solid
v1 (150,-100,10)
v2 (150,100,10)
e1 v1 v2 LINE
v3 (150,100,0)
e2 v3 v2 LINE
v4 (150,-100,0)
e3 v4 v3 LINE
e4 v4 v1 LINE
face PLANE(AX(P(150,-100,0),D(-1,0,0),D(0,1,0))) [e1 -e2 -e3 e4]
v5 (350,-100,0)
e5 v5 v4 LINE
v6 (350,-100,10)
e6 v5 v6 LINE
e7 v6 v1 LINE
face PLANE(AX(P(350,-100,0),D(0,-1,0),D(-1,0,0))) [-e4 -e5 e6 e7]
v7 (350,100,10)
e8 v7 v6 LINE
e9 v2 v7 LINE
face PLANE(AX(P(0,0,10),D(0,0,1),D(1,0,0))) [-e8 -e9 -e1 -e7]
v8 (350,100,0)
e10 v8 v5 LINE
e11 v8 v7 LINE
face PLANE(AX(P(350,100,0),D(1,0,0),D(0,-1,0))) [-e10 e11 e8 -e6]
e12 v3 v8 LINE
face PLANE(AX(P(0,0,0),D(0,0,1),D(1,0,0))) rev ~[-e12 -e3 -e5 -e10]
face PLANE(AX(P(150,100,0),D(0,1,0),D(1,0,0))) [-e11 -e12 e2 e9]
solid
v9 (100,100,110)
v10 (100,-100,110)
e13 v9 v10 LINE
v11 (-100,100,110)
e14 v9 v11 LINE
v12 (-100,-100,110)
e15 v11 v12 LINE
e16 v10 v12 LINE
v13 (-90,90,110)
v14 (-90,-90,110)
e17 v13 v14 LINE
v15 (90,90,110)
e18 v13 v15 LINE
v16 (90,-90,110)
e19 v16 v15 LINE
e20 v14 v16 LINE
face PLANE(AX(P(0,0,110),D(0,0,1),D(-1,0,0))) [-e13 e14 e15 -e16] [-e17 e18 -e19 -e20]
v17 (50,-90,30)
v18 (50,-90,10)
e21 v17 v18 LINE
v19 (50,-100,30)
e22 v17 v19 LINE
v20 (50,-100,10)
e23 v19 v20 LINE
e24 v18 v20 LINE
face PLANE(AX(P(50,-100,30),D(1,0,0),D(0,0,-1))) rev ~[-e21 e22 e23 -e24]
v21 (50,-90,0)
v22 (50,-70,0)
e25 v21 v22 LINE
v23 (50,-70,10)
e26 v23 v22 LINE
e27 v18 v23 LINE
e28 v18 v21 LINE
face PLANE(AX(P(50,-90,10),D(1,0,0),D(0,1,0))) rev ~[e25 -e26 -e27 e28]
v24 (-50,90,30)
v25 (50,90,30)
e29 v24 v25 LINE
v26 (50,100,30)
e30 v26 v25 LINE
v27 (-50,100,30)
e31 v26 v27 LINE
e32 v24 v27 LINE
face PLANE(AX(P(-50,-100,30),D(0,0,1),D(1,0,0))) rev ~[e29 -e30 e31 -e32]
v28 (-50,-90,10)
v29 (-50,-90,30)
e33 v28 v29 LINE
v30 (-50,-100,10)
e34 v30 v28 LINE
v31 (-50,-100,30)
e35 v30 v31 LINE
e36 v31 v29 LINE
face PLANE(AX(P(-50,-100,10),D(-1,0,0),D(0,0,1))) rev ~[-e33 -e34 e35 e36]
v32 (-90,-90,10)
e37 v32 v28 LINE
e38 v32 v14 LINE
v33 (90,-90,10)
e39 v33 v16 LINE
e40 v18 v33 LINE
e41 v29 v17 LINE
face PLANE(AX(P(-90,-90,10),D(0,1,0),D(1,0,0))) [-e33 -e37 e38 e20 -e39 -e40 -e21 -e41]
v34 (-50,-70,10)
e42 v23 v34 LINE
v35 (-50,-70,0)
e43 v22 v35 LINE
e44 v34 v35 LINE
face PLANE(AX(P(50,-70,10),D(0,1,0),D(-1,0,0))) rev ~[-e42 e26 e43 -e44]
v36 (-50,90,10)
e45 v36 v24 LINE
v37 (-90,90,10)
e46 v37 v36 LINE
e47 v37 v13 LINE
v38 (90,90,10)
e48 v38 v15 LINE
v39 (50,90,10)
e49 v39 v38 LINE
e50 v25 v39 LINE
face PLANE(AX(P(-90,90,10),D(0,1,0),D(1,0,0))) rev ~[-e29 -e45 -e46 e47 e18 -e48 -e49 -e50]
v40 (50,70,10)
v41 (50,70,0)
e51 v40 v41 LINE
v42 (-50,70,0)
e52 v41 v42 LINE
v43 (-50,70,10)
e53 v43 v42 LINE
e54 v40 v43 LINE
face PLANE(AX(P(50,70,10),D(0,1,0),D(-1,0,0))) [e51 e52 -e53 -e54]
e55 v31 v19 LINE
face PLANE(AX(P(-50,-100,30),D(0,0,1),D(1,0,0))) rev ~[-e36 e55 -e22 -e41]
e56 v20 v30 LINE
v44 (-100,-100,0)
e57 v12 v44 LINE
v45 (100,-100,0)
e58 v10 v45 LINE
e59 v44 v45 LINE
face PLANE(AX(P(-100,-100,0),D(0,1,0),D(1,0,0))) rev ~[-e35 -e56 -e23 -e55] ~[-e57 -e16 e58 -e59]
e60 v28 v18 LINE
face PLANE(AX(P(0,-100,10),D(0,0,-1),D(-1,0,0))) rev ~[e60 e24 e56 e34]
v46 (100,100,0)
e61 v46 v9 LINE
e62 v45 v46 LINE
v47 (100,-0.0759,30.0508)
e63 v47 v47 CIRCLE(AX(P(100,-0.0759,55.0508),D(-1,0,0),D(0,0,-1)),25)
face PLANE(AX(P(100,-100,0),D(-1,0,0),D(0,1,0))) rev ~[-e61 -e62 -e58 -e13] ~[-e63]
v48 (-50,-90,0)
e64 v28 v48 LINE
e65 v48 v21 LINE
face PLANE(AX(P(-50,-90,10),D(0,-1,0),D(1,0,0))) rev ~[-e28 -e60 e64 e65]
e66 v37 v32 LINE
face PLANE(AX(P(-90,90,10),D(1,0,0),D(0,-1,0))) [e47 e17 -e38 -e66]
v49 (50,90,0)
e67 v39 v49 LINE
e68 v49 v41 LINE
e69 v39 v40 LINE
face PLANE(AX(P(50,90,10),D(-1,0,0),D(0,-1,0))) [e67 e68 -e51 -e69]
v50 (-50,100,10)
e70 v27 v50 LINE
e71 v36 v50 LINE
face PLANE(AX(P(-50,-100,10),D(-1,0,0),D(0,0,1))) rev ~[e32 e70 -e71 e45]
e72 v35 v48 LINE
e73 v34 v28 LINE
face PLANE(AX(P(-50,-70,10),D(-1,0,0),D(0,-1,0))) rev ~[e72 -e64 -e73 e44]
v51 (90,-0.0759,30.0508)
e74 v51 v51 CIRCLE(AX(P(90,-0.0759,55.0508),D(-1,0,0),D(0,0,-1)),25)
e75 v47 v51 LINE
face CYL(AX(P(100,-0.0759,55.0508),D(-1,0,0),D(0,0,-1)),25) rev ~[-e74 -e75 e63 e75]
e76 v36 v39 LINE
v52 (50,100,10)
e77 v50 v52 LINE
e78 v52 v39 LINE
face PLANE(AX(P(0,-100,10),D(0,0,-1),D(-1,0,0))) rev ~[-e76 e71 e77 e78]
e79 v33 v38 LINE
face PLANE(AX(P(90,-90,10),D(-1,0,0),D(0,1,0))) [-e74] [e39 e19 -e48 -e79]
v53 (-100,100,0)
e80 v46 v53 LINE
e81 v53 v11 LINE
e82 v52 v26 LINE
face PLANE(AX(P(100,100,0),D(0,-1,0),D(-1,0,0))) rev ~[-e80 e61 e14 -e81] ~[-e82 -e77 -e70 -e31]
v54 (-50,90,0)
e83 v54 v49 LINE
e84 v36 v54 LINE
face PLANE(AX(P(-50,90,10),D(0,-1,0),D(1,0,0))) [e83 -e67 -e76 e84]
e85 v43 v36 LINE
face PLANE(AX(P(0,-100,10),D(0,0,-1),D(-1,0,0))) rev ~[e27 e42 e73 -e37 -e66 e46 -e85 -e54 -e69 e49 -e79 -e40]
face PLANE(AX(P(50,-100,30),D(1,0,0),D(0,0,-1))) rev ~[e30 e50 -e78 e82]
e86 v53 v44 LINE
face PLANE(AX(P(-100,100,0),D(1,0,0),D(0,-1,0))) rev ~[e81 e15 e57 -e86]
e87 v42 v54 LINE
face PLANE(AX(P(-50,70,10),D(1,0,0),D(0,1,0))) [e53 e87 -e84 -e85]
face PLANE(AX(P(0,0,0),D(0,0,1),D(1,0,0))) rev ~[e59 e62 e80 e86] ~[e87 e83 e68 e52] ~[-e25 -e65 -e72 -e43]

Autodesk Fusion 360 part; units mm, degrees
sketch "Boceto1" plane through (0, 0, 0) normal (0, 0, 1) x (1, 0, 0)
  line L0 (100, 100) -> (-100, 100)
  line L1 (-100, 100) -> (-100, -100)
  line L2 (-100, -100) -> (100, -100)
  line L3 (100, -100) -> (100, 100)
  line L4 (100, 100) -> (-100, -100) construction
  line L5 (-100, 100) -> (100, -100) construction
  dimension "L_base" = 200
extrude "Extruir1" add sketch "Boceto1" along normal blind 10 makes body 1
sketch "Boceto2" plane through (0, 0, 10) normal (0, 0, 1) x (-1, 0, 0)
  line L0 (-100, 100) -> (-100, -100)
  line L1 (-100, -100) -> (100, -100)
  line L2 (100, -100) -> (100, 100)
  line L3 (100, 100) -> (-100, 100)
  line L4 (100, -100) -> (90, -100)
  line L5 (90, -100) -> (90, 100)
  line L6 (90, 100) -> (100, 100)
  line L7 (100, 100) -> (100, -100)
  line L8 (90, -90) -> (-100, -90)
  line L9 (-100, -90) -> (-100, -100)
  line L10 (-100, -100) -> (90, -100)
  line L11 (90, -100) -> (90, -90)
  line L12 (-90, -90) -> (-100, -90)
  line L13 (-100, -90) -> (-100, 100)
  line L14 (-100, 100) -> (-90, 100)
  line L15 (-90, 100) -> (-90, -90)
  line L16 (-90, 100) -> (90, 100)
  line L17 (90, 100) -> (90, 90)
  line L18 (90, 90) -> (-90, 90)
  line L19 (-90, 90) -> (-90, 100)
  dimension "d4" = 10
  dimension "d5" = 10
  dimension "d6" = 10
  dimension "d7" = 10
extrude "Extruir2" add sketch "Boceto2" along normal blind 100 contours L0 L3 L8 L12 L13 L14 L15 L19 | L0 L1 L5 L8 L9 L10 L11 L12 | L3 L5 L15 L16 L17 L18 L19 | L1 L2 L3 L4 L5 L6 L7 L11 L17 bodies 1
sketch "Boceto4" plane through (100, 0, 0) normal (1, 0, 0) x (0, 1, 0)
  line L0 (-100, 0) -> (100, 0)
  line L1 (100, 0) -> (100, 110)
  line L2 (100, 110) -> (-100, 110)
  line L3 (-100, 110) -> (-100, 0)
hole "Agujero1" at (100, -0.0759, 55.0508) direction (-1, 0, 0) diameter 50 depth 10 tip angle 118 bodies 1
sketch "Boceto5" plane through (0, 0, 0) normal (0, 0, 1) x (1, 0, 0)
  line L0 (150, 100) -> (350, 100)
  line L1 (350, 100) -> (350, -100)
  line L2 (350, -100) -> (150, -100)
  line L3 (150, -100) -> (150, 100)
  line L4 (150, 100) -> (350, -100) construction
  line L5 (350, 100) -> (150, -100) construction
  line L6 (100, 100) -> (-100, 100)
  point P0 (250, 0)
  dimension "d13" = 250
  dimension "d14" = 200
extrude "Extruir3" add sketch "Boceto5" along normal blind 10 separate body makes body 2
sketch "Boceto6" plane through (0, -100, 0) normal (0, -1, 0) x (1, 0, 0)
  line L0 (-100, 0) -> (100, 0)
  line L1 (100, 0) -> (100, 110)
  line L2 (100, 110) -> (-100, 110)
  line L3 (-100, 110) -> (-100, 0)
  line L4 (0, 0) -> (0, 10)
  line L5 (50, 10) -> (-50, 10)
  line L6 (-50, 10) -> (-50, 30)
  line L7 (-50, 30) -> (50, 30)
  line L8 (50, 30) -> (50, 10)
  line L9 (50, 10) -> (-50, 30) construction
  line L10 (-50, 10) -> (50, 30) construction
  point P0 (0, 20)
  dimension "d17" = 10
  dimension "d18" = 20
  dimension "d19" = 100
extrude "Extruir4" cut sketch "Boceto6" along normal through all and the other way through all contours L5 L6 L7 L8 bodies 1
sketch "Boceto7" plane through (0, 0, 10) normal (0, 0, 1) x (-1, 0, 0)
  line L0 (50, -90) -> (90, -90)
  line L1 (90, -90) -> (90, 90)
  line L2 (90, 90) -> (50, 90)
  line L3 (50, 90) -> (50, 100)
  line L4 (50, 100) -> (-50, 100)
  line L5 (-50, 100) -> (-50, 90)
  line L6 (-50, 90) -> (-90, 90)
  line L7 (-90, 90) -> (-90, -90)
  line L8 (-90, -90) -> (-50, -90)
  line L9 (-50, -90) -> (-50, -100)
  line L10 (-50, -100) -> (50, -100)
  line L11 (50, -100) -> (50, -90)
  line L12 (50, -90) -> (-50, -90)
  line L13 (-50, -90) -> (-50, -70)
  line L14 (-50, -70) -> (50, -70)
  line L15 (50, -70) -> (50, -90)
  line L16 (50, 90) -> (-50, 90)
  line L17 (-50, 90) -> (-50, 70)
  line L18 (-50, 70) -> (50, 70)
  line L19 (50, 70) -> (50, 90)
  point P0 (50, -90)
  point P1 (-50, -90)
  point P2 (50, 90)
  point P3 (-50, 90)
  dimension "d21" = 100
  dimension "d22" = 20
extrude "Extruir5" cut sketch "Boceto7" against normal up to surface (10 mm away) contours L12 L13 L14 L15 | L16 L17 L18 L19 bodies 1
